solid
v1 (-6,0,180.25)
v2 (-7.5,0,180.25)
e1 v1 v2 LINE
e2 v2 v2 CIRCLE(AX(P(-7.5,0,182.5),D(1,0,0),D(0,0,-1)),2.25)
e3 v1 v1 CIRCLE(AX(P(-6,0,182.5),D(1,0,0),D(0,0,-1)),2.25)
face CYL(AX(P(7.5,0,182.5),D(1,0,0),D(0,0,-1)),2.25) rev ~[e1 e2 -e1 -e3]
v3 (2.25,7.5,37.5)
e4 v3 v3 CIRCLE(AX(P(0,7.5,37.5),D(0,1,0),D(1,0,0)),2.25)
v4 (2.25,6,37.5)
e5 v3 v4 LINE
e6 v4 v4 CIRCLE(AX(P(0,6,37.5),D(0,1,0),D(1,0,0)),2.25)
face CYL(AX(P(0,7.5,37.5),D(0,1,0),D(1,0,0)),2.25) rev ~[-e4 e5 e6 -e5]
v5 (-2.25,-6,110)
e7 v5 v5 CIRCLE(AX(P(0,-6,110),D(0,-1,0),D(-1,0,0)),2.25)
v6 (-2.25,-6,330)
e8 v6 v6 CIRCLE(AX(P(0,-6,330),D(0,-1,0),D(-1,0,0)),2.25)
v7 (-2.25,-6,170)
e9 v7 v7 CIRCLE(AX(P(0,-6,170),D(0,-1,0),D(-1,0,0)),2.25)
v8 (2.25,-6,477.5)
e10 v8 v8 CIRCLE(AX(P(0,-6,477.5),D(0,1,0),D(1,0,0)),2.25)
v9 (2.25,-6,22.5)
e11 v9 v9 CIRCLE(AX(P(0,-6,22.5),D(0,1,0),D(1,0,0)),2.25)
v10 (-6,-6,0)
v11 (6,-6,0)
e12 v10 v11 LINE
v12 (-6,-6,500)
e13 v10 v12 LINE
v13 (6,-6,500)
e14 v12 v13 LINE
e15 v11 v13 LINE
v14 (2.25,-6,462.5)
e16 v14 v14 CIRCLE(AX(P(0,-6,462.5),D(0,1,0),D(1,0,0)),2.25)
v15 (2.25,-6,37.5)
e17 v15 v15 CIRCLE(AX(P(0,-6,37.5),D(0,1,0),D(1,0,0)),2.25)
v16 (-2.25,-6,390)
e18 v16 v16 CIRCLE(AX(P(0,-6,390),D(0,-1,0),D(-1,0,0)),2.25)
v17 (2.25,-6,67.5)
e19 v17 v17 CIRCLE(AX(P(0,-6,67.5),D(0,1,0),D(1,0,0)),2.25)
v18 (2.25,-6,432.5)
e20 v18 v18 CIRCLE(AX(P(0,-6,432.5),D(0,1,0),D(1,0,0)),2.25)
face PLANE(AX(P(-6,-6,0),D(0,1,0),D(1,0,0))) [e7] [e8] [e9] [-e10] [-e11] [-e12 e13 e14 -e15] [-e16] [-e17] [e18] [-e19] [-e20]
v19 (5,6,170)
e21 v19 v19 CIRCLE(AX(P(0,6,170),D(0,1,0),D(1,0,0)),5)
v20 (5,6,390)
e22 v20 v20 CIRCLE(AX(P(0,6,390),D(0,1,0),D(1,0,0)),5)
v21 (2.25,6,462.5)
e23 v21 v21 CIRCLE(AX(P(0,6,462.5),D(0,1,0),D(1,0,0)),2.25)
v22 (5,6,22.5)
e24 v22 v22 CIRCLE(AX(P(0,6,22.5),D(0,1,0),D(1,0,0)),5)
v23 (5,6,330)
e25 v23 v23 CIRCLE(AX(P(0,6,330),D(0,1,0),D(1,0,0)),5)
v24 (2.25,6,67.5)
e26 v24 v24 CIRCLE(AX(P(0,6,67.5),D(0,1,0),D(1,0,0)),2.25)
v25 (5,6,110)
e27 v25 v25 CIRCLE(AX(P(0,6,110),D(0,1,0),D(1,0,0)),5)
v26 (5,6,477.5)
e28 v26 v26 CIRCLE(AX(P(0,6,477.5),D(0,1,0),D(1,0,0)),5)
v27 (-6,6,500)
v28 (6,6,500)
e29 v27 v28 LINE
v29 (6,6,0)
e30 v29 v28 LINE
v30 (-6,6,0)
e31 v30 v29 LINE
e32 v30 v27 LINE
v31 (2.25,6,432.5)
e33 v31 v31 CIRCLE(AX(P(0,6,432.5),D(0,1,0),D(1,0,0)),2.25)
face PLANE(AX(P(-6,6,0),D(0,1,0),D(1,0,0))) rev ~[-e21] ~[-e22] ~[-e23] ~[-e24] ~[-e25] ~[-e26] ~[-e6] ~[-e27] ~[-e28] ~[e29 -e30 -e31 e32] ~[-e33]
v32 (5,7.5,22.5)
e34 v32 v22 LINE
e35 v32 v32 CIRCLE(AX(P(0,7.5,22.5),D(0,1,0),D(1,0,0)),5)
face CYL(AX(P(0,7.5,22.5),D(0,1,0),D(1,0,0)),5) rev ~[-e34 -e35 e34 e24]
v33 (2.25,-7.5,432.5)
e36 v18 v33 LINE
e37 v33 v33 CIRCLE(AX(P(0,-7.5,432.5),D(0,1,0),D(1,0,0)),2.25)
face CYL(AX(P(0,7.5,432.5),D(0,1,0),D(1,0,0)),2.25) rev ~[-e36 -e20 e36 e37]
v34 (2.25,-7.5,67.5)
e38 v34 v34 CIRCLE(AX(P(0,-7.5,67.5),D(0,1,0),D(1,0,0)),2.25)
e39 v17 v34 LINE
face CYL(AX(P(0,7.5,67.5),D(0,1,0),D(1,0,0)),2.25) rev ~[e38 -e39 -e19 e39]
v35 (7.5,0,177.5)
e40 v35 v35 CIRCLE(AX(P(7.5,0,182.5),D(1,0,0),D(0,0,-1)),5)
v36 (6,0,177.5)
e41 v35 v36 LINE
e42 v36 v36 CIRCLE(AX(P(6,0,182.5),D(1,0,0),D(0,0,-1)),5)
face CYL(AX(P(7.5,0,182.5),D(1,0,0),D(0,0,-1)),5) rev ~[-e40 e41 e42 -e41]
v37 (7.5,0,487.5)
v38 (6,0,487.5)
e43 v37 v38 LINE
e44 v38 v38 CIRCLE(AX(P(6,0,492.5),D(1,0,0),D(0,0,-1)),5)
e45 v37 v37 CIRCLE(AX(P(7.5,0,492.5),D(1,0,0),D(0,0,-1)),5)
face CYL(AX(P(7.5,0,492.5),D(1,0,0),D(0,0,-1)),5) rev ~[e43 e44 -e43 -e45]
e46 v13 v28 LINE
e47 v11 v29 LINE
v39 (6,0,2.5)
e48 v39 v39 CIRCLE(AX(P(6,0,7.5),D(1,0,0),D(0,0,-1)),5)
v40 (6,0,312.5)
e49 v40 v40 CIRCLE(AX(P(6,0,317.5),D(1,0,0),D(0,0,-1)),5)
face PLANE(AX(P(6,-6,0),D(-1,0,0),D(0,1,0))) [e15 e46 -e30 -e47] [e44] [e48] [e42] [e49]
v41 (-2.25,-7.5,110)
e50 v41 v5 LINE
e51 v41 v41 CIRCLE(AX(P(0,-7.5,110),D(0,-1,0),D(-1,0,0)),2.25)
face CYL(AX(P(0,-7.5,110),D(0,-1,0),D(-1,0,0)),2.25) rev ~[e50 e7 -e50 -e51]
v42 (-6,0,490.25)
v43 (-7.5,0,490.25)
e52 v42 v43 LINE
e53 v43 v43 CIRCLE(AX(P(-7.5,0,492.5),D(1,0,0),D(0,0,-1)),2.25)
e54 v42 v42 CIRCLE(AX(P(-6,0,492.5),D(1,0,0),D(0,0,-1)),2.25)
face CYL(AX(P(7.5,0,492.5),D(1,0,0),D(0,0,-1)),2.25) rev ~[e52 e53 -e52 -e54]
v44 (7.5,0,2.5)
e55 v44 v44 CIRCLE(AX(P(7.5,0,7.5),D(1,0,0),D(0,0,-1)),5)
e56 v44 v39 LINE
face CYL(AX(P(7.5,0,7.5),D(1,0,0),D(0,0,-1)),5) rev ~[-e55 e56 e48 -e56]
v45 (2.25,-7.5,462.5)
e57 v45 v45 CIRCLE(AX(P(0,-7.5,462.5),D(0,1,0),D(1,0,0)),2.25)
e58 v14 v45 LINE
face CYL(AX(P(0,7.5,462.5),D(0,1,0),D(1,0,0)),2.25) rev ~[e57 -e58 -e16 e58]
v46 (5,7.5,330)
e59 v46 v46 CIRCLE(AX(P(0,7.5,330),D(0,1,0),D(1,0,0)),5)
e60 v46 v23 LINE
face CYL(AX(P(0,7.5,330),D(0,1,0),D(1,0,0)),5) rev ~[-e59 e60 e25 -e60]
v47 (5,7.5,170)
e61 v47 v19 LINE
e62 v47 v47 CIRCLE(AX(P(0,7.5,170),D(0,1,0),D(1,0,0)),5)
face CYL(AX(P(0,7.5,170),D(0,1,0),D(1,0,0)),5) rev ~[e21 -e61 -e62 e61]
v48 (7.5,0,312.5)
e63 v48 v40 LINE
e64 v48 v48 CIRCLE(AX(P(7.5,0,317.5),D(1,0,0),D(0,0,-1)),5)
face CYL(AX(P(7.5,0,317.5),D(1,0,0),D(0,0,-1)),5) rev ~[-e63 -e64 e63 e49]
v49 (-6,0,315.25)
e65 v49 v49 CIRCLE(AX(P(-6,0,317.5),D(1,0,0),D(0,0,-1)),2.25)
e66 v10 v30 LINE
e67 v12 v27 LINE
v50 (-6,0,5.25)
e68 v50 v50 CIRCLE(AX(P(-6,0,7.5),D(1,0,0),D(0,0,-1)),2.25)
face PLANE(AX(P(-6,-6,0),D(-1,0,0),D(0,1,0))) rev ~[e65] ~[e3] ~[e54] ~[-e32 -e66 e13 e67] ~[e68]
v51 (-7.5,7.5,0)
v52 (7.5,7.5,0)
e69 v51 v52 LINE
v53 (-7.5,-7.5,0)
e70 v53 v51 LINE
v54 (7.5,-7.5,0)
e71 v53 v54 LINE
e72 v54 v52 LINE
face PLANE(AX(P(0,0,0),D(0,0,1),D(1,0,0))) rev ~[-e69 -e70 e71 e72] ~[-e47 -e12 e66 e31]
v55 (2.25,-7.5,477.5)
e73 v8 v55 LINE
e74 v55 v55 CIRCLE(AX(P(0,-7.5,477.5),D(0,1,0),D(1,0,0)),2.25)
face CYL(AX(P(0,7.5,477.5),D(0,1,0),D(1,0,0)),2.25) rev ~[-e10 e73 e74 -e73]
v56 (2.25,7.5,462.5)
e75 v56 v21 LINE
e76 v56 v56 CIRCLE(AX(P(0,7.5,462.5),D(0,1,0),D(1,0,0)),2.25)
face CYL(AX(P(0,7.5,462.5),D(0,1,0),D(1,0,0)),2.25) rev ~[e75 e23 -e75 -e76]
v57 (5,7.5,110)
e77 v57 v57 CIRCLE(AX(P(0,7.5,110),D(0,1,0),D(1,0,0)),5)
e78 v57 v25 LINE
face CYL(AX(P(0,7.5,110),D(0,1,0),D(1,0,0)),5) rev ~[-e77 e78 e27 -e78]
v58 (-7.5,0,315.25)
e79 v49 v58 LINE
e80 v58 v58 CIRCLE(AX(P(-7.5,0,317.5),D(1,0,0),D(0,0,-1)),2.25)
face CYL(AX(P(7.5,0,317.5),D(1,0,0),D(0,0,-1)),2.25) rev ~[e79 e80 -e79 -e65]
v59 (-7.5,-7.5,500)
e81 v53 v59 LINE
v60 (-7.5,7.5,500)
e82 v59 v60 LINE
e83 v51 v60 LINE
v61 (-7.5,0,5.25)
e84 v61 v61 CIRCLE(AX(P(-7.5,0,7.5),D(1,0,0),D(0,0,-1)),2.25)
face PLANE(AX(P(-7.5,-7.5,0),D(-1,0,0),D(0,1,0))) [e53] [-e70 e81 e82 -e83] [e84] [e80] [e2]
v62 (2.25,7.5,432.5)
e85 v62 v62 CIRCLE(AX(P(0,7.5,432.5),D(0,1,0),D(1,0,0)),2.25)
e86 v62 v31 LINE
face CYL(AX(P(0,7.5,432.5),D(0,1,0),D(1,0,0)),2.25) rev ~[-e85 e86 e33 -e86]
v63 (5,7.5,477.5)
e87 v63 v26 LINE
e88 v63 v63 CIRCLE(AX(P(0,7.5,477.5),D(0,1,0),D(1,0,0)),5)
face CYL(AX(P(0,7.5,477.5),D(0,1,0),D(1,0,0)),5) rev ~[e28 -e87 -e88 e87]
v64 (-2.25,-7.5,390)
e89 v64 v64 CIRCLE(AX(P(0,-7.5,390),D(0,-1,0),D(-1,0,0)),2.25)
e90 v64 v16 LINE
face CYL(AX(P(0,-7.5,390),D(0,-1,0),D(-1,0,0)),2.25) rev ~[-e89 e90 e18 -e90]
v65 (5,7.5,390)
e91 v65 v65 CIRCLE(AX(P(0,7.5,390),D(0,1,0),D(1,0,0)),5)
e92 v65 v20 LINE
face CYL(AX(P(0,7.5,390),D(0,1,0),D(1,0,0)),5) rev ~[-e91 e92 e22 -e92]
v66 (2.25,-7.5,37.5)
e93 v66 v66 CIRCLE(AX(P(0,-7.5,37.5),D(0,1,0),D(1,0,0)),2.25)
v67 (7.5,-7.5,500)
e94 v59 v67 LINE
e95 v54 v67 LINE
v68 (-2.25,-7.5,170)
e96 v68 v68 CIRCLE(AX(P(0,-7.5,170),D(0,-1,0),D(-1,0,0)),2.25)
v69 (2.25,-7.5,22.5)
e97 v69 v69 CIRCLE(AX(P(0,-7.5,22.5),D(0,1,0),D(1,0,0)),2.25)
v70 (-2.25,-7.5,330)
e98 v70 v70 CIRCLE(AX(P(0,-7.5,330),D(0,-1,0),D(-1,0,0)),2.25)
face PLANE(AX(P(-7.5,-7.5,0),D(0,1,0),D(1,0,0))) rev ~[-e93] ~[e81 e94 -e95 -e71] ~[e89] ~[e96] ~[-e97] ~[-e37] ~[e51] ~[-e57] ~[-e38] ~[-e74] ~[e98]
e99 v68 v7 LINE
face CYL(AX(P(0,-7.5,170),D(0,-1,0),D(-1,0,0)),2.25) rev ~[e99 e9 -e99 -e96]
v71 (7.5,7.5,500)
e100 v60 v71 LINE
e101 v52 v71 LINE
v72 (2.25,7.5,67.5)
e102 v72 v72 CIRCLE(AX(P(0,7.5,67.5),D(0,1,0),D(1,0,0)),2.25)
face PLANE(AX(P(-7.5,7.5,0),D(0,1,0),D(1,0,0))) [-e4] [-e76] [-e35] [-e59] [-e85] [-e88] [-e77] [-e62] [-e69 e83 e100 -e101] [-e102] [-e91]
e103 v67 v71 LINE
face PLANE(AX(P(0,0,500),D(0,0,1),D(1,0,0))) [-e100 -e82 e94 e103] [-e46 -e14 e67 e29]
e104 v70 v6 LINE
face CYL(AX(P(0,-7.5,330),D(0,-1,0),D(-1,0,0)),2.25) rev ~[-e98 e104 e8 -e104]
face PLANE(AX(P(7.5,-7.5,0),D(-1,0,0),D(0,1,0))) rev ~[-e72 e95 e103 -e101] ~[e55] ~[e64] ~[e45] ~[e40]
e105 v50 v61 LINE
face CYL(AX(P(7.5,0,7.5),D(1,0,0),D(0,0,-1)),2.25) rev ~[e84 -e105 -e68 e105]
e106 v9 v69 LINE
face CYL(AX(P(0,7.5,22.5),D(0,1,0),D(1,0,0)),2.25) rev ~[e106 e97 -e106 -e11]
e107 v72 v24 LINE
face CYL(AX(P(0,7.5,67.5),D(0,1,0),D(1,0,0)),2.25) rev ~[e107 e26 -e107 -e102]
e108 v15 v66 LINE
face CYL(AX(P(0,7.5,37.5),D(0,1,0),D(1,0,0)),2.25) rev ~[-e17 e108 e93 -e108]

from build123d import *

# Parameters (mm, degrees)
SKETCH_1_W          = 15
SKETCH_1_H          = 15
SKETCH_1_W_2        = 12
SKETCH_1_H_2        = 12
EXTRUDE_1_DEPTH     = 500
SKETCH_2_R          = 2.25
CUT_EXTRUDE_1_DEPTH = 25
SKETCH_3_R          = 2.25
CUT_EXTRUDE_2_DEPTH = 25
SKETCH_4_R          = 2.25
CUT_EXTRUDE_3_DEPTH = 20
SKETCH_5_R          = 5
CUT_EXTRUDE_4_DEPTH = 10
SKETCH_6_R          = 5
CUT_EXTRUDE_5_DEPTH = 10


with BuildPart() as part:
    # ｽｹｯﾁ1 → ﾎﾞｽ - 押し出し1 (new body)
    with BuildSketch(Plane.XY):
        Rectangle(SKETCH_1_W, SKETCH_1_H)
        Rectangle(SKETCH_1_W_2, SKETCH_1_H_2, mode=Mode.SUBTRACT)
    extrude(amount=EXTRUDE_1_DEPTH)

    # ｽｹｯﾁ2 → ｶｯﾄ - 押し出し1 (cut)
    with BuildSketch(Plane(origin=(7.5, 0, 0), x_dir=(0, 0, -1), z_dir=(1, 0, 0))):
        with Locations((-492.5, 0)):
            Circle(SKETCH_2_R)
        with Locations((-7.5, 0)):
            Circle(SKETCH_2_R)
        with Locations((-317.5, 0)):
            Circle(SKETCH_2_R)
        with Locations((-182.5, 0)):
            Circle(SKETCH_2_R)
    extrude(amount=-CUT_EXTRUDE_1_DEPTH, mode=Mode.SUBTRACT)

    # ｽｹｯﾁ3 → ｶｯﾄ - 押し出し2 (cut)
    with BuildSketch(Plane(origin=(0, 7.5, 0), x_dir=(1, 0, 0), z_dir=(0, 1, 0))):
        with Locations((0, -22.5)):
            Circle(SKETCH_3_R)
        with Locations((0, -477.5)):
            Circle(SKETCH_3_R)
        with Locations((0, -37.5)):
            Circle(SKETCH_3_R)
        with Locations((0, -462.5)):
            Circle(SKETCH_3_R)
        with Locations((0, -67.5)):
            Circle(SKETCH_3_R)
        with Locations((0, -432.5)):
            Circle(SKETCH_3_R)
    extrude(amount=-CUT_EXTRUDE_2_DEPTH, mode=Mode.SUBTRACT)

    # ｽｹｯﾁ4 → ｶｯﾄ - 押し出し3 (cut)
    with BuildSketch(Plane(origin=(0, -7.5, 0), x_dir=(-1, 0, 0), z_dir=(0, -1, 0))):
        with Locations((0, -390)):
            Circle(SKETCH_4_R)
        with Locations((0, -330)):
            Circle(SKETCH_4_R)
        with Locations((0, -110)):
            Circle(SKETCH_4_R)
        with Locations((0, -170)):
            Circle(SKETCH_4_R)
    extrude(amount=-CUT_EXTRUDE_3_DEPTH, mode=Mode.SUBTRACT)

    # ｽｹｯﾁ5 → ｶｯﾄ - 押し出し4 (cut)
    with BuildSketch(Plane(origin=(0, 7.5, 0), x_dir=(1, 0, 0), z_dir=(0, 1, 0))):
        with Locations((0, -22.5)):
            Circle(SKETCH_5_R)
        with Locations((0, -477.5)):
            Circle(SKETCH_5_R)
        with Locations((0, -390)):
            Circle(SKETCH_5_R)
        with Locations((0, -330)):
            Circle(SKETCH_5_R)
        with Locations((0, -110)):
            Circle(SKETCH_5_R)
        with Locations((0, -170)):
            Circle(SKETCH_5_R)
    extrude(amount=-CUT_EXTRUDE_4_DEPTH, mode=Mode.SUBTRACT)

    # ｽｹｯﾁ6 → ｶｯﾄ - 押し出し5 (cut)
    with BuildSketch(Plane(origin=(7.5, 0, 0), x_dir=(0, 0, -1), z_dir=(1, 0, 0))):
        with Locations((-492.5, 0)):
            Circle(SKETCH_6_R)
        with Locations((-317.5, 0)):
            Circle(SKETCH_6_R)
        with Locations((-182.5, 0)):
            Circle(SKETCH_6_R)
        with Locations((-7.5, 0)):
            Circle(SKETCH_6_R)
    extrude(amount=-CUT_EXTRUDE_5_DEPTH, mode=Mode.SUBTRACT)


solid = part.part
